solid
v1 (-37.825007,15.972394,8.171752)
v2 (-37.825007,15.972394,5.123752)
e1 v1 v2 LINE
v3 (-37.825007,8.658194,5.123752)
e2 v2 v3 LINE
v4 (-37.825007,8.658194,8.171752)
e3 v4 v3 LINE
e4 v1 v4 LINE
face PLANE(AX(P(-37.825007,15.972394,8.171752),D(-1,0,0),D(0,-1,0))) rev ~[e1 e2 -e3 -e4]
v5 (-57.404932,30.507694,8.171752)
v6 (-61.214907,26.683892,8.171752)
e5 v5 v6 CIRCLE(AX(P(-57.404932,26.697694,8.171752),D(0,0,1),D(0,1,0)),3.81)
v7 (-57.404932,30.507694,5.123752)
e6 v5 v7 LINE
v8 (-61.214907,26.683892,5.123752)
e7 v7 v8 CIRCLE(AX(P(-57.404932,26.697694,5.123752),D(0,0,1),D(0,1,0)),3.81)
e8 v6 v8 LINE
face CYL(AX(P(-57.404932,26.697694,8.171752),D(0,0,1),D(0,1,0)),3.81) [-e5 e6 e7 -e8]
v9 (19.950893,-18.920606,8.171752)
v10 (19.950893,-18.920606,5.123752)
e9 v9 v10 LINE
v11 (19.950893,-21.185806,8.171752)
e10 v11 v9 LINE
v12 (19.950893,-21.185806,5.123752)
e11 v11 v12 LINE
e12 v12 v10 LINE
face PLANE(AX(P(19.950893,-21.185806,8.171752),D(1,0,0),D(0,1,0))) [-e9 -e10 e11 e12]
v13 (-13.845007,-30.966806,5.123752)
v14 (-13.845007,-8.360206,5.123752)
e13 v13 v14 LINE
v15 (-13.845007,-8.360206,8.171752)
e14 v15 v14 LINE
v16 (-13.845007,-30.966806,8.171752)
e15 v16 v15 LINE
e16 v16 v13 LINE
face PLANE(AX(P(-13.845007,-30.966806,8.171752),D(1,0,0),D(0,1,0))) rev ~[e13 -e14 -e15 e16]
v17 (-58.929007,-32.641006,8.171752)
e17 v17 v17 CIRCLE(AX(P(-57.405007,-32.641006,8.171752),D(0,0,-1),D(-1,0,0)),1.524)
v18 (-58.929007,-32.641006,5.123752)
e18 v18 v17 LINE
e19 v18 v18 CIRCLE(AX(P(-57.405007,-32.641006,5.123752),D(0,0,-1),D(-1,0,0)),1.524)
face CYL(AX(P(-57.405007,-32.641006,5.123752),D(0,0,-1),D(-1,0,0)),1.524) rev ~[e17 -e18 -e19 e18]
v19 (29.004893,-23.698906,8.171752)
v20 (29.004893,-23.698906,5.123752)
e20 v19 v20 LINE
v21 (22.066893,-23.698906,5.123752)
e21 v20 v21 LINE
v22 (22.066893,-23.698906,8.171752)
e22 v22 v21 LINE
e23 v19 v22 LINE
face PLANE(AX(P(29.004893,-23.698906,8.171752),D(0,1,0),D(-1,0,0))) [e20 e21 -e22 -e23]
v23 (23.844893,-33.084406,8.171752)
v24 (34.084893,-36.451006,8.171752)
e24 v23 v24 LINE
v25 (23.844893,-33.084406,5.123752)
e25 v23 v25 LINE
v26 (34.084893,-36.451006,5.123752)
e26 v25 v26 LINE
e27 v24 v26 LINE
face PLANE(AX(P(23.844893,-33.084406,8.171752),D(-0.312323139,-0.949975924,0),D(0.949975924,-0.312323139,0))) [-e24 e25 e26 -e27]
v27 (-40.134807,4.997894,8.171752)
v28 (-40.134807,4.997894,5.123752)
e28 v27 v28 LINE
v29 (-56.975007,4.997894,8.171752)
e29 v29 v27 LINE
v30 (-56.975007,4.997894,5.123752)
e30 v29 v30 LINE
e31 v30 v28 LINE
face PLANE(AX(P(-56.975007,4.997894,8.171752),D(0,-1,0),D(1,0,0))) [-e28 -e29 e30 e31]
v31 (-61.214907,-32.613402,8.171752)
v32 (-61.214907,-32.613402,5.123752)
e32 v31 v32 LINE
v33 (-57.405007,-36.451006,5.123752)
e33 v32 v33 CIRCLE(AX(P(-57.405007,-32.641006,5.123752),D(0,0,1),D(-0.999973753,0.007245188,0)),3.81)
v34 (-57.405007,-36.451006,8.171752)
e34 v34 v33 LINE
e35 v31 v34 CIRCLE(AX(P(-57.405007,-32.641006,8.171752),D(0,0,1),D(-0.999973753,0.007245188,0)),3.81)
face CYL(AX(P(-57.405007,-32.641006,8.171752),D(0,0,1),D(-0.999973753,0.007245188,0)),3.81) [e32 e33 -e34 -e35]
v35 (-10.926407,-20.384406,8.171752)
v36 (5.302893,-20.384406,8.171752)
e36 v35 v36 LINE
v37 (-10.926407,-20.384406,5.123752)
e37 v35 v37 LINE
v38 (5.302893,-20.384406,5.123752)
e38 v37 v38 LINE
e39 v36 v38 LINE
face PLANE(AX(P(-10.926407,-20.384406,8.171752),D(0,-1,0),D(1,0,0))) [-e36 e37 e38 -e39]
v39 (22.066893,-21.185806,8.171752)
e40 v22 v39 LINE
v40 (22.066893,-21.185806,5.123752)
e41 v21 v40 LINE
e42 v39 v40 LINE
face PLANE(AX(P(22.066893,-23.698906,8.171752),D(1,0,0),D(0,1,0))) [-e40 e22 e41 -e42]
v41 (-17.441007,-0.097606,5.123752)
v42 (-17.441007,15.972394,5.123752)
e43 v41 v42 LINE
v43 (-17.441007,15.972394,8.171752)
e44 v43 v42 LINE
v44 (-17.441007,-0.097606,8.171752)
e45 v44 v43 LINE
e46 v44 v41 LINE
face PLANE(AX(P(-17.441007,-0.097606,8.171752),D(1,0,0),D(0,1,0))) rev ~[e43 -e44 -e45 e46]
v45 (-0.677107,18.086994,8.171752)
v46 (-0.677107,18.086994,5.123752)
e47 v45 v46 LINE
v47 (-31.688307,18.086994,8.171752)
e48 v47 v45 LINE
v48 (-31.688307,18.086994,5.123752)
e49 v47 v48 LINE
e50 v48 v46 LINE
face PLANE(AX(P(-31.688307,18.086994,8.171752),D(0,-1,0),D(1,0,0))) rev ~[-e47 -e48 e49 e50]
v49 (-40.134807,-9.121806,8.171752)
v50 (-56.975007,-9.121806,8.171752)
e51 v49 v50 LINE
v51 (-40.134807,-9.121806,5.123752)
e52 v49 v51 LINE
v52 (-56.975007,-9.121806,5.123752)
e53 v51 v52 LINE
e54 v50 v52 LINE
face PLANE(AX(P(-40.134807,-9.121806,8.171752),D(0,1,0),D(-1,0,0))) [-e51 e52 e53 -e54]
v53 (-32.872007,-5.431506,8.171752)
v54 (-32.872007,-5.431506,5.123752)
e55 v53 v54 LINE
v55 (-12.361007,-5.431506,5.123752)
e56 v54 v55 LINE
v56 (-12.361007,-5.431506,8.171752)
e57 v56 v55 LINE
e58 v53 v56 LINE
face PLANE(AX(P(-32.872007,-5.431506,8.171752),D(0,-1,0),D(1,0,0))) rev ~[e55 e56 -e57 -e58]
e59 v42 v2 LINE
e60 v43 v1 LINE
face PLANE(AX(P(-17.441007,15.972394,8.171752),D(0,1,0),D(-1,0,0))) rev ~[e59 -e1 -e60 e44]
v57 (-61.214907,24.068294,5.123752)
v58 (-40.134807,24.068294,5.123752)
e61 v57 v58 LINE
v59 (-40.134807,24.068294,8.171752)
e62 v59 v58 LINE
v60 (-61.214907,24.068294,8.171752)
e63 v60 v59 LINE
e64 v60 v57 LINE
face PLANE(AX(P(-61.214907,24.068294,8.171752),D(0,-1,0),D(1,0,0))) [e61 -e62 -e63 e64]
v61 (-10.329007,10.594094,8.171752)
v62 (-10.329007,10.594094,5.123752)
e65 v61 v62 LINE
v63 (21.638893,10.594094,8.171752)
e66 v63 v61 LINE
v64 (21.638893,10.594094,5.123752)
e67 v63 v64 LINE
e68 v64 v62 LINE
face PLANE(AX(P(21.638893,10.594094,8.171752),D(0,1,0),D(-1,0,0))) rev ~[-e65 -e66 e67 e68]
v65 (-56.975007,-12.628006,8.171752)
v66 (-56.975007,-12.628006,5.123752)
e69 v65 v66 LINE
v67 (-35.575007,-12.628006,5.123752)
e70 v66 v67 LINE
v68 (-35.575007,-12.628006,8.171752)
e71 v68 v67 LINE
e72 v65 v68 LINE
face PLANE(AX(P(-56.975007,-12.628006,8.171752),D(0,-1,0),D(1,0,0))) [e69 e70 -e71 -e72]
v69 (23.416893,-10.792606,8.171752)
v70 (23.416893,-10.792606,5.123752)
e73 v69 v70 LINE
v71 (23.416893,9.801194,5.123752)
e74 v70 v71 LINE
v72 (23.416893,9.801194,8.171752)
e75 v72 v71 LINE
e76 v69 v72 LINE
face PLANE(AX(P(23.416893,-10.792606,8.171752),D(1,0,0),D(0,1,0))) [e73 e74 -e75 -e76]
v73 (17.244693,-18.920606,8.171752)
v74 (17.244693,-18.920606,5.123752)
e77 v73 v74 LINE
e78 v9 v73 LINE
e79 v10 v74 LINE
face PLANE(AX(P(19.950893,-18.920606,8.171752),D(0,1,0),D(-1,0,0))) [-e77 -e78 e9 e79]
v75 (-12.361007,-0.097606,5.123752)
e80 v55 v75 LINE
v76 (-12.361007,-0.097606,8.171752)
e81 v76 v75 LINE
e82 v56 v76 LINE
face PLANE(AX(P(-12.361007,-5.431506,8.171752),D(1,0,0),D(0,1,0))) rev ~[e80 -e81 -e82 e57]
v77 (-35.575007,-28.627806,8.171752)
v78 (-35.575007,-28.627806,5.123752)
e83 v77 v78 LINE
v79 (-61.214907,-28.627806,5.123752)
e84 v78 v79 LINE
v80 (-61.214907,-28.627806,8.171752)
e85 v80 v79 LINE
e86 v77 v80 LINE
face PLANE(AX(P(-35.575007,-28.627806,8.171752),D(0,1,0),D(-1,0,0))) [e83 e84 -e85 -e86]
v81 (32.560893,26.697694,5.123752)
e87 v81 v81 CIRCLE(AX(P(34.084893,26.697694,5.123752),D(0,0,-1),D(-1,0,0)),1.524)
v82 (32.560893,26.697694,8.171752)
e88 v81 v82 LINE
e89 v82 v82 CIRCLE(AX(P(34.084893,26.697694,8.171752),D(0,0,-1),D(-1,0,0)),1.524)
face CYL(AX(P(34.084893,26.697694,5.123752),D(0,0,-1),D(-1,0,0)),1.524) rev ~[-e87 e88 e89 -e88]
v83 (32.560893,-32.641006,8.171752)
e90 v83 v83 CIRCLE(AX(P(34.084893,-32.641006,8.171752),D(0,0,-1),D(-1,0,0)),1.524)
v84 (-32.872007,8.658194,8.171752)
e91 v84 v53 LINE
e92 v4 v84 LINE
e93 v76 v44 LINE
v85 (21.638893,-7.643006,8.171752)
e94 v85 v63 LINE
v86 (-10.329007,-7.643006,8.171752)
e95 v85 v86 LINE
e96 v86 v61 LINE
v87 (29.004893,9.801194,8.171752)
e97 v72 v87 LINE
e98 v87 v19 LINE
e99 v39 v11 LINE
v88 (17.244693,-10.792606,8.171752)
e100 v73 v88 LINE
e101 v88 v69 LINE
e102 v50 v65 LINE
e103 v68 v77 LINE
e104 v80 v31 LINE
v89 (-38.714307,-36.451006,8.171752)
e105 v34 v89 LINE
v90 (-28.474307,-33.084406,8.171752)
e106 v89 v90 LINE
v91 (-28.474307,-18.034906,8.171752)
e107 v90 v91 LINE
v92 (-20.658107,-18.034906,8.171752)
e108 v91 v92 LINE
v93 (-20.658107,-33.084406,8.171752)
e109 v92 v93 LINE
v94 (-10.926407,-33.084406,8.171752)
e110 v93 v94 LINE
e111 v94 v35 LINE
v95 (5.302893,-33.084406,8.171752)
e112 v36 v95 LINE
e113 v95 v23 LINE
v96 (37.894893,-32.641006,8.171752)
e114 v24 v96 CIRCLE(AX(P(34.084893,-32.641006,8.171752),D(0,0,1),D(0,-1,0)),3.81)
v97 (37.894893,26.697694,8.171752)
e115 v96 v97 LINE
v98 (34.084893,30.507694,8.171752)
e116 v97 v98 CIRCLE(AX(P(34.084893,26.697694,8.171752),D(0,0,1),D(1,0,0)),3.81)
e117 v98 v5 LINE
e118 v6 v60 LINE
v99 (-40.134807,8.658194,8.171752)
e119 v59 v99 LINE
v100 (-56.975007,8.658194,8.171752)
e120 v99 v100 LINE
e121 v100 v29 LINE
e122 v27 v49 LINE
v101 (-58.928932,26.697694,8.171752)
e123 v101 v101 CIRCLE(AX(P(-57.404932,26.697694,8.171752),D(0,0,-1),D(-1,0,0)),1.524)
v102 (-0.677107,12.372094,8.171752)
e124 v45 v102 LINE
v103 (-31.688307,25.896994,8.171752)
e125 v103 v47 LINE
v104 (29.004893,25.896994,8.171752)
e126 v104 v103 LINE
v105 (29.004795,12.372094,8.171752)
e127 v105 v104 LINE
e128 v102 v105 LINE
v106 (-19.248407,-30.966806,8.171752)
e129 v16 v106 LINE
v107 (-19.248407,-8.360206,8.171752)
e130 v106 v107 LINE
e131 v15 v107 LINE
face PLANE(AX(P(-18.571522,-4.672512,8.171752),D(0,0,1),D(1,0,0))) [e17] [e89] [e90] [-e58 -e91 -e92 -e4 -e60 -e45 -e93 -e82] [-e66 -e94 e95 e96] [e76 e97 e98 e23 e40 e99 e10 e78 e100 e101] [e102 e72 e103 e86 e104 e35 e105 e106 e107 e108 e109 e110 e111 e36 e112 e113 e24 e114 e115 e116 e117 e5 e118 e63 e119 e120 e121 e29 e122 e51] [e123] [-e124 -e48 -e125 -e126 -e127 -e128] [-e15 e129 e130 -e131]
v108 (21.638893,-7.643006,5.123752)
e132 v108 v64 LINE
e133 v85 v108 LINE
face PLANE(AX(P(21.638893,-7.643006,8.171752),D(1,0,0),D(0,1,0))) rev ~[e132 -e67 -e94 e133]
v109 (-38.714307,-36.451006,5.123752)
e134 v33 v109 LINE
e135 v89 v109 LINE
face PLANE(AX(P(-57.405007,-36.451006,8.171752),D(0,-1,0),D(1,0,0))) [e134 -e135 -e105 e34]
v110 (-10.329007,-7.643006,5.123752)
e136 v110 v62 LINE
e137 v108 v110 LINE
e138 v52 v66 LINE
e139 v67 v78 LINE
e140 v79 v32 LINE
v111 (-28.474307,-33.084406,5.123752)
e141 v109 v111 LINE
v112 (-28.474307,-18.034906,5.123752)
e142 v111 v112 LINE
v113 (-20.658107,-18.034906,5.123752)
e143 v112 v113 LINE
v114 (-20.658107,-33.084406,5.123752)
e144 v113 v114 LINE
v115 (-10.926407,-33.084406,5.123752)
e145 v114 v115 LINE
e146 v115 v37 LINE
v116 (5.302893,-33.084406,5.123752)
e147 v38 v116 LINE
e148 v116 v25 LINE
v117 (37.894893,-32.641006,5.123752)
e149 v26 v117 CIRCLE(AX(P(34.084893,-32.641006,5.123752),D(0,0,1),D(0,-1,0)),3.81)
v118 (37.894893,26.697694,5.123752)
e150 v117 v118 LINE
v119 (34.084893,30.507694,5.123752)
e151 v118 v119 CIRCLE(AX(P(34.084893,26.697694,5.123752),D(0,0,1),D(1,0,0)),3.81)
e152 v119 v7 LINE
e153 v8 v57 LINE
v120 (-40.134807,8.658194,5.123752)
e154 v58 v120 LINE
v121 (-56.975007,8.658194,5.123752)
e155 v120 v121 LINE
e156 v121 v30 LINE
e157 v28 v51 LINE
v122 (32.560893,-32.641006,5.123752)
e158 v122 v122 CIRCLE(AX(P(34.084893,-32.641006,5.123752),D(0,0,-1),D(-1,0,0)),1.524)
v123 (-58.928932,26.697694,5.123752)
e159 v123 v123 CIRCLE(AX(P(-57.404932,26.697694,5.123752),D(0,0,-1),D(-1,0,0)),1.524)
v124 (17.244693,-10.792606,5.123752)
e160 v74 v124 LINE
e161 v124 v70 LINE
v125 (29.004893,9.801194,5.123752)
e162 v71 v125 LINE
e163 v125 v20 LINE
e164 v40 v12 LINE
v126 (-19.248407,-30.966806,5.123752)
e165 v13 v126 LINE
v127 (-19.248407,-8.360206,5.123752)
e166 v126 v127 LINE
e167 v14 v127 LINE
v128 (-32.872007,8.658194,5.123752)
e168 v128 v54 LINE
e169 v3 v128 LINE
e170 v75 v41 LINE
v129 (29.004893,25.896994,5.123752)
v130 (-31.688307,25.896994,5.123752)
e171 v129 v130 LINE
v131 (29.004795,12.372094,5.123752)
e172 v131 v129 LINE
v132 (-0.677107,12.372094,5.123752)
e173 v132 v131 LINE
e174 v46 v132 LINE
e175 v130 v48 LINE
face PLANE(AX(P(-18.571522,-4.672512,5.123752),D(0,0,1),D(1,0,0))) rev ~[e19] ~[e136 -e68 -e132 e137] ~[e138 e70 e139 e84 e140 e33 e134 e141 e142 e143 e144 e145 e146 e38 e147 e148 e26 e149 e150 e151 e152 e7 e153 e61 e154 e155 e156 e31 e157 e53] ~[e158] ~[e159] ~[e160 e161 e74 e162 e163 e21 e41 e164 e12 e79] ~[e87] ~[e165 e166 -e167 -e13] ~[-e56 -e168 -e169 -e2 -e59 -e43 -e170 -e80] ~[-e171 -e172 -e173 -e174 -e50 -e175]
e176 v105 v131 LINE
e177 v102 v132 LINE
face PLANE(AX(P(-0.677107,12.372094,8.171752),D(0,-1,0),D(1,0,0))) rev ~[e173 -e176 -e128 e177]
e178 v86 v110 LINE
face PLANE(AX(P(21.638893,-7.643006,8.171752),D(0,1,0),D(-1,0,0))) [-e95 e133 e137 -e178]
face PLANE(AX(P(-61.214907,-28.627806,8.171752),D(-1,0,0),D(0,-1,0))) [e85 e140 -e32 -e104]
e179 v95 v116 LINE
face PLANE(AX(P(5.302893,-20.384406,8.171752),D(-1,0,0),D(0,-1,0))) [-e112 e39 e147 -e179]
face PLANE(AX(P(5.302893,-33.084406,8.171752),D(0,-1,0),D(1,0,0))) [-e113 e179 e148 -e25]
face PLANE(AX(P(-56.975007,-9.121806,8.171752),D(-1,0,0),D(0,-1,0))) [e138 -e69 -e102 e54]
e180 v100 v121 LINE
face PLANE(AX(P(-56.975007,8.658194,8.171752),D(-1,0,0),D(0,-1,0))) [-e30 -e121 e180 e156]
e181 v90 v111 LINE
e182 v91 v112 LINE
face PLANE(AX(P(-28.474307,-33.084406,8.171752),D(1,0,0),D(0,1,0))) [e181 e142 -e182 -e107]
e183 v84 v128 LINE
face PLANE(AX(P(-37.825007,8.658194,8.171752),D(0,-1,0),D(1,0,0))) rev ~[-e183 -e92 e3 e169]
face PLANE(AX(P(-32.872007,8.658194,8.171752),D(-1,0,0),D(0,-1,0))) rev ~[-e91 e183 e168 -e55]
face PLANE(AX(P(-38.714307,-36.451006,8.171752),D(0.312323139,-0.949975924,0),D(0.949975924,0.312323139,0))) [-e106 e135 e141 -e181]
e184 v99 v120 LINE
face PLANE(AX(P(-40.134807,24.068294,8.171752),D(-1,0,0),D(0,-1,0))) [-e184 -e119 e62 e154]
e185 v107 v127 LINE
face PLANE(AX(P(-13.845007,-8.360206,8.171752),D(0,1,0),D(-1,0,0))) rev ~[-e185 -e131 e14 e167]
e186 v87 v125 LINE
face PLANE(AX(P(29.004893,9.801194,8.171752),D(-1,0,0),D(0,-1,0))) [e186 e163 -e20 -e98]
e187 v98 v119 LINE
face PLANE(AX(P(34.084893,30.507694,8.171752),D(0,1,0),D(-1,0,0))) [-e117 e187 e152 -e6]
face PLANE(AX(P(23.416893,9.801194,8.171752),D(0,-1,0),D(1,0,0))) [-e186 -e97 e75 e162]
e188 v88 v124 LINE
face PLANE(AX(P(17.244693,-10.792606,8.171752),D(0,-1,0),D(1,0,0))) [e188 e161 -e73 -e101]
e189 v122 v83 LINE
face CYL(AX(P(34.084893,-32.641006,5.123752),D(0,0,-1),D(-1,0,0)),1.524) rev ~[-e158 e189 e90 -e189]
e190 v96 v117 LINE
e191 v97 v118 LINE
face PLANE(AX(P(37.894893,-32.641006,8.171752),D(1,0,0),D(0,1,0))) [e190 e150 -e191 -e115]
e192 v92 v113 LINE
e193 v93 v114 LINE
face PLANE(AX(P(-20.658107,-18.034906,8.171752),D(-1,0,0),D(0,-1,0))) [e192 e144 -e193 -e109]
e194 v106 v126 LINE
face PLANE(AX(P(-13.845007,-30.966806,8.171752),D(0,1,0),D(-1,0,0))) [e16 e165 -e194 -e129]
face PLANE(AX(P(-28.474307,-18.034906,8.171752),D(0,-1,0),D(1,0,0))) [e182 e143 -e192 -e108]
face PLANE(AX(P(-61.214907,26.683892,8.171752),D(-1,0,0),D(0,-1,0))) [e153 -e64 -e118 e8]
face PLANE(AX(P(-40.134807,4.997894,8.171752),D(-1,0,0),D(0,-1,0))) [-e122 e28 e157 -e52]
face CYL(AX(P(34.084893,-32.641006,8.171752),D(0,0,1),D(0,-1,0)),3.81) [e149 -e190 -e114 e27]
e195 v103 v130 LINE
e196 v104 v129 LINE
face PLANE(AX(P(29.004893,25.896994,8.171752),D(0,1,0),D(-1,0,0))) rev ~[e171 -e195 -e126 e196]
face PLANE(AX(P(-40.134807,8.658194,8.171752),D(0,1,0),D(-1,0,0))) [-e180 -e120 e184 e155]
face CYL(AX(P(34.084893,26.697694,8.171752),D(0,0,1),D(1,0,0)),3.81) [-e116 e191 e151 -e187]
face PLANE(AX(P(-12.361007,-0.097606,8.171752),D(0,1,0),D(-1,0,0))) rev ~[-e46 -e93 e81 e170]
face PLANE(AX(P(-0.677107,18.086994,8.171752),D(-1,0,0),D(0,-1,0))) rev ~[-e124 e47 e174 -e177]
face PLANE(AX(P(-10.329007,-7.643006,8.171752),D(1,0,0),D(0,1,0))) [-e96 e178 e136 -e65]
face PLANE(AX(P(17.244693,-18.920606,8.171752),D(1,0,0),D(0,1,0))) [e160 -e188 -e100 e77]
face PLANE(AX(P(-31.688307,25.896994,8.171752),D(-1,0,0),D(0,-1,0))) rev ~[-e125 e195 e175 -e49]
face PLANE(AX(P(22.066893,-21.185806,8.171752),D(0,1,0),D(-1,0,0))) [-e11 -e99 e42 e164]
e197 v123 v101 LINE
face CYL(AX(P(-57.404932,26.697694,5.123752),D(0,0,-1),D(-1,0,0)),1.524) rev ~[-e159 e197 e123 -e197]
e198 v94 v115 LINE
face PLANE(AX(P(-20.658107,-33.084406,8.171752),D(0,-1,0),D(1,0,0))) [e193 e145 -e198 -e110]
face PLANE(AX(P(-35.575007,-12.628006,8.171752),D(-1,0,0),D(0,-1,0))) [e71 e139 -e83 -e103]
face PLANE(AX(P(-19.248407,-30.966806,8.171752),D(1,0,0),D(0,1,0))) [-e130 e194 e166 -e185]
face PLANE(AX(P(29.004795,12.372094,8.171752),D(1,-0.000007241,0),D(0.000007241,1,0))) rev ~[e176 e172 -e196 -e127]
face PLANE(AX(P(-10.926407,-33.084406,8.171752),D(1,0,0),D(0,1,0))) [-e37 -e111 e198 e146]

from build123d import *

# Parameters (mm, degrees)
SKETCH2_W           = 5.4034
SKETCH2_H           = 22.6066
SKETCH2_W_2         = 31.9679
SKETCH2_H_2         = 18.2371
BOSS_EXTRUDE1_DEPTH = 3.048
SKETCH3_R           = 1.338245378
CUT_EXTRUDE1_DEPTH  = 4.048
SKETCH4_R           = 1.524
CUT_EXTRUDE2_DEPTH  = 4.048


with BuildPart() as part:
    # Sketch2 → Boss-Extrude1 (new body)
    with BuildSketch(Plane(origin=(0, 0, 8.171752382), x_dir=(-1, 0, 0), z_dir=(0, 0, -1))):
        with BuildLine():
            Line((-23.844892625, -33.084405696), (-34.084892625, -36.451005696))
            ThreePointArc((-34.084892625, -36.451005696), (-36.778969461, -35.335082532), (-37.894892625, -32.641005696))
            Line((-37.894892625, -32.641005696), (-37.894892625, 26.697694304))
            ThreePointArc((-37.894892625, 26.697694304), (-36.778969461, 29.391771141), (-34.084892625, 30.507694304))
            Line((-34.084892625, 30.507694304), (57.404932375, 30.507694304))
            ThreePointArc((57.404932375, 30.507694304), (60.103884597, 29.386886916), (61.214907375, 26.683892153))
            Line((61.214907375, 26.683892153), (61.214907375, 24.068294304))
            Line((61.214907375, 24.068294304), (40.134807375, 24.068294304))
            Line((40.134807375, 24.068294304), (40.134807375, 8.658194304))
            Line((40.134807375, 8.658194304), (56.975007375, 8.658194304))
            Line((56.975007375, 8.658194304), (56.975007375, 4.997894304))
            Line((56.975007375, 4.997894304), (40.134807375, 4.997894304))
            Line((40.134807375, 4.997894304), (40.134807375, -9.121805696))
            Line((40.134807375, -9.121805696), (56.975007375, -9.121805696))
            Line((56.975007375, -9.121805696), (56.975007375, -12.628005696))
            Line((56.975007375, -12.628005696), (35.575007375, -12.628005696))
            Line((35.575007375, -12.628005696), (35.575007375, -28.627805696))
            Line((35.575007375, -28.627805696), (61.214907375, -28.627805696))
            Line((61.214907375, -28.627805696), (61.214907375, -32.613401529))
            ThreePointArc((61.214907375, -32.613401529), (60.108826144, -35.325305244), (57.405007375, -36.451005696))
            Line((57.405007375, -36.451005696), (38.714307375, -36.451005696))
            Line((38.714307375, -36.451005696), (28.474307375, -33.084405696))
            Line((28.474307375, -33.084405696), (28.474307375, -18.034905696))
            Line((28.474307375, -18.034905696), (20.658107375, -18.034905696))
            Line((20.658107375, -18.034905696), (20.658107375, -33.084405696))
            Line((20.658107375, -33.084405696), (10.926407375, -33.084405696))
            Line((10.926407375, -33.084405696), (10.926407375, -20.384405696))
            Line((10.926407375, -20.384405696), (-5.302892625, -20.384405696))
            Line((-5.302892625, -20.384405696), (-5.302892625, -33.084405696))
            Line((-5.302892625, -33.084405696), (-23.844892625, -33.084405696))
        make_face()
        with Locations((16.546707375, -19.663505696)):
            Rectangle(SKETCH2_W, SKETCH2_H, mode=Mode.SUBTRACT)
        Polygon((-29.004892625, -23.698905696), (-22.066892625, -23.698905696), (-22.066892625, -21.185805696), (-19.950892625, -21.185805696), (-19.950892625, -18.920605696), (-17.244692625, -18.920605696), (-17.244692625, -10.792605696), (-23.416892625, -10.792605696), (-23.416892625, 9.801194304), (-29.004892625, 9.801194304), align=None, mode=Mode.SUBTRACT)
        with Locations((-5.654942625, 1.475544304)):
            Rectangle(SKETCH2_W_2, SKETCH2_H_2, mode=Mode.SUBTRACT)
        Polygon((12.361007375, -0.097605696), (17.441007375, -0.097605696), (17.441007375, 15.972394304), (37.825007375, 15.972394304), (37.825007375, 8.658194304), (32.872007375, 8.658194304), (32.872007375, -5.431505696), (12.361007375, -5.431505696), align=None, mode=Mode.SUBTRACT)
        Polygon((0.677107375, 12.372094304), (-29.004794688, 12.372094304), (-29.004892625, 25.896994304), (31.688307375, 25.896994304), (31.688307375, 18.086994304), (0.677107375, 18.086994304), align=None, mode=Mode.SUBTRACT)
    extrude(amount=BOSS_EXTRUDE1_DEPTH)

    # Sketch3 → Cut-Extrude1 (cut, through all)
    with BuildSketch(Plane(origin=(0, 0, 5.123752382), x_dir=(-1, 0, 0), z_dir=(0, 0, -1))):
        with Locations((57.405007375, -32.641005696)):
            Circle(SKETCH3_R)
        with Locations((-34.084892625, -32.641005696)):
            Circle(SKETCH3_R)
        with Locations((-34.084892625, 26.697694304)):
            Circle(SKETCH3_R)
        with Locations((57.404932375, 26.697694304)):
            Circle(SKETCH3_R)
    extrude(amount=-CUT_EXTRUDE1_DEPTH, mode=Mode.SUBTRACT)

    # Sketch4 → Cut-Extrude2 (cut, through all)
    with BuildSketch(Plane(origin=(0, 0, 5.123752382), x_dir=(-1, 0, 0), z_dir=(0, 0, -1))):
        with Locations((-34.084892625, 26.697694304)):
            Circle(SKETCH4_R)
        with Locations((-34.084892625, -32.641005696)):
            Circle(SKETCH4_R)
        with Locations((57.405007375, -32.641005696)):
            Circle(SKETCH4_R)
        with Locations((57.404932375, 26.697694304)):
            Circle(SKETCH4_R)
    extrude(amount=-CUT_EXTRUDE2_DEPTH, mode=Mode.SUBTRACT)


solid = part.part
